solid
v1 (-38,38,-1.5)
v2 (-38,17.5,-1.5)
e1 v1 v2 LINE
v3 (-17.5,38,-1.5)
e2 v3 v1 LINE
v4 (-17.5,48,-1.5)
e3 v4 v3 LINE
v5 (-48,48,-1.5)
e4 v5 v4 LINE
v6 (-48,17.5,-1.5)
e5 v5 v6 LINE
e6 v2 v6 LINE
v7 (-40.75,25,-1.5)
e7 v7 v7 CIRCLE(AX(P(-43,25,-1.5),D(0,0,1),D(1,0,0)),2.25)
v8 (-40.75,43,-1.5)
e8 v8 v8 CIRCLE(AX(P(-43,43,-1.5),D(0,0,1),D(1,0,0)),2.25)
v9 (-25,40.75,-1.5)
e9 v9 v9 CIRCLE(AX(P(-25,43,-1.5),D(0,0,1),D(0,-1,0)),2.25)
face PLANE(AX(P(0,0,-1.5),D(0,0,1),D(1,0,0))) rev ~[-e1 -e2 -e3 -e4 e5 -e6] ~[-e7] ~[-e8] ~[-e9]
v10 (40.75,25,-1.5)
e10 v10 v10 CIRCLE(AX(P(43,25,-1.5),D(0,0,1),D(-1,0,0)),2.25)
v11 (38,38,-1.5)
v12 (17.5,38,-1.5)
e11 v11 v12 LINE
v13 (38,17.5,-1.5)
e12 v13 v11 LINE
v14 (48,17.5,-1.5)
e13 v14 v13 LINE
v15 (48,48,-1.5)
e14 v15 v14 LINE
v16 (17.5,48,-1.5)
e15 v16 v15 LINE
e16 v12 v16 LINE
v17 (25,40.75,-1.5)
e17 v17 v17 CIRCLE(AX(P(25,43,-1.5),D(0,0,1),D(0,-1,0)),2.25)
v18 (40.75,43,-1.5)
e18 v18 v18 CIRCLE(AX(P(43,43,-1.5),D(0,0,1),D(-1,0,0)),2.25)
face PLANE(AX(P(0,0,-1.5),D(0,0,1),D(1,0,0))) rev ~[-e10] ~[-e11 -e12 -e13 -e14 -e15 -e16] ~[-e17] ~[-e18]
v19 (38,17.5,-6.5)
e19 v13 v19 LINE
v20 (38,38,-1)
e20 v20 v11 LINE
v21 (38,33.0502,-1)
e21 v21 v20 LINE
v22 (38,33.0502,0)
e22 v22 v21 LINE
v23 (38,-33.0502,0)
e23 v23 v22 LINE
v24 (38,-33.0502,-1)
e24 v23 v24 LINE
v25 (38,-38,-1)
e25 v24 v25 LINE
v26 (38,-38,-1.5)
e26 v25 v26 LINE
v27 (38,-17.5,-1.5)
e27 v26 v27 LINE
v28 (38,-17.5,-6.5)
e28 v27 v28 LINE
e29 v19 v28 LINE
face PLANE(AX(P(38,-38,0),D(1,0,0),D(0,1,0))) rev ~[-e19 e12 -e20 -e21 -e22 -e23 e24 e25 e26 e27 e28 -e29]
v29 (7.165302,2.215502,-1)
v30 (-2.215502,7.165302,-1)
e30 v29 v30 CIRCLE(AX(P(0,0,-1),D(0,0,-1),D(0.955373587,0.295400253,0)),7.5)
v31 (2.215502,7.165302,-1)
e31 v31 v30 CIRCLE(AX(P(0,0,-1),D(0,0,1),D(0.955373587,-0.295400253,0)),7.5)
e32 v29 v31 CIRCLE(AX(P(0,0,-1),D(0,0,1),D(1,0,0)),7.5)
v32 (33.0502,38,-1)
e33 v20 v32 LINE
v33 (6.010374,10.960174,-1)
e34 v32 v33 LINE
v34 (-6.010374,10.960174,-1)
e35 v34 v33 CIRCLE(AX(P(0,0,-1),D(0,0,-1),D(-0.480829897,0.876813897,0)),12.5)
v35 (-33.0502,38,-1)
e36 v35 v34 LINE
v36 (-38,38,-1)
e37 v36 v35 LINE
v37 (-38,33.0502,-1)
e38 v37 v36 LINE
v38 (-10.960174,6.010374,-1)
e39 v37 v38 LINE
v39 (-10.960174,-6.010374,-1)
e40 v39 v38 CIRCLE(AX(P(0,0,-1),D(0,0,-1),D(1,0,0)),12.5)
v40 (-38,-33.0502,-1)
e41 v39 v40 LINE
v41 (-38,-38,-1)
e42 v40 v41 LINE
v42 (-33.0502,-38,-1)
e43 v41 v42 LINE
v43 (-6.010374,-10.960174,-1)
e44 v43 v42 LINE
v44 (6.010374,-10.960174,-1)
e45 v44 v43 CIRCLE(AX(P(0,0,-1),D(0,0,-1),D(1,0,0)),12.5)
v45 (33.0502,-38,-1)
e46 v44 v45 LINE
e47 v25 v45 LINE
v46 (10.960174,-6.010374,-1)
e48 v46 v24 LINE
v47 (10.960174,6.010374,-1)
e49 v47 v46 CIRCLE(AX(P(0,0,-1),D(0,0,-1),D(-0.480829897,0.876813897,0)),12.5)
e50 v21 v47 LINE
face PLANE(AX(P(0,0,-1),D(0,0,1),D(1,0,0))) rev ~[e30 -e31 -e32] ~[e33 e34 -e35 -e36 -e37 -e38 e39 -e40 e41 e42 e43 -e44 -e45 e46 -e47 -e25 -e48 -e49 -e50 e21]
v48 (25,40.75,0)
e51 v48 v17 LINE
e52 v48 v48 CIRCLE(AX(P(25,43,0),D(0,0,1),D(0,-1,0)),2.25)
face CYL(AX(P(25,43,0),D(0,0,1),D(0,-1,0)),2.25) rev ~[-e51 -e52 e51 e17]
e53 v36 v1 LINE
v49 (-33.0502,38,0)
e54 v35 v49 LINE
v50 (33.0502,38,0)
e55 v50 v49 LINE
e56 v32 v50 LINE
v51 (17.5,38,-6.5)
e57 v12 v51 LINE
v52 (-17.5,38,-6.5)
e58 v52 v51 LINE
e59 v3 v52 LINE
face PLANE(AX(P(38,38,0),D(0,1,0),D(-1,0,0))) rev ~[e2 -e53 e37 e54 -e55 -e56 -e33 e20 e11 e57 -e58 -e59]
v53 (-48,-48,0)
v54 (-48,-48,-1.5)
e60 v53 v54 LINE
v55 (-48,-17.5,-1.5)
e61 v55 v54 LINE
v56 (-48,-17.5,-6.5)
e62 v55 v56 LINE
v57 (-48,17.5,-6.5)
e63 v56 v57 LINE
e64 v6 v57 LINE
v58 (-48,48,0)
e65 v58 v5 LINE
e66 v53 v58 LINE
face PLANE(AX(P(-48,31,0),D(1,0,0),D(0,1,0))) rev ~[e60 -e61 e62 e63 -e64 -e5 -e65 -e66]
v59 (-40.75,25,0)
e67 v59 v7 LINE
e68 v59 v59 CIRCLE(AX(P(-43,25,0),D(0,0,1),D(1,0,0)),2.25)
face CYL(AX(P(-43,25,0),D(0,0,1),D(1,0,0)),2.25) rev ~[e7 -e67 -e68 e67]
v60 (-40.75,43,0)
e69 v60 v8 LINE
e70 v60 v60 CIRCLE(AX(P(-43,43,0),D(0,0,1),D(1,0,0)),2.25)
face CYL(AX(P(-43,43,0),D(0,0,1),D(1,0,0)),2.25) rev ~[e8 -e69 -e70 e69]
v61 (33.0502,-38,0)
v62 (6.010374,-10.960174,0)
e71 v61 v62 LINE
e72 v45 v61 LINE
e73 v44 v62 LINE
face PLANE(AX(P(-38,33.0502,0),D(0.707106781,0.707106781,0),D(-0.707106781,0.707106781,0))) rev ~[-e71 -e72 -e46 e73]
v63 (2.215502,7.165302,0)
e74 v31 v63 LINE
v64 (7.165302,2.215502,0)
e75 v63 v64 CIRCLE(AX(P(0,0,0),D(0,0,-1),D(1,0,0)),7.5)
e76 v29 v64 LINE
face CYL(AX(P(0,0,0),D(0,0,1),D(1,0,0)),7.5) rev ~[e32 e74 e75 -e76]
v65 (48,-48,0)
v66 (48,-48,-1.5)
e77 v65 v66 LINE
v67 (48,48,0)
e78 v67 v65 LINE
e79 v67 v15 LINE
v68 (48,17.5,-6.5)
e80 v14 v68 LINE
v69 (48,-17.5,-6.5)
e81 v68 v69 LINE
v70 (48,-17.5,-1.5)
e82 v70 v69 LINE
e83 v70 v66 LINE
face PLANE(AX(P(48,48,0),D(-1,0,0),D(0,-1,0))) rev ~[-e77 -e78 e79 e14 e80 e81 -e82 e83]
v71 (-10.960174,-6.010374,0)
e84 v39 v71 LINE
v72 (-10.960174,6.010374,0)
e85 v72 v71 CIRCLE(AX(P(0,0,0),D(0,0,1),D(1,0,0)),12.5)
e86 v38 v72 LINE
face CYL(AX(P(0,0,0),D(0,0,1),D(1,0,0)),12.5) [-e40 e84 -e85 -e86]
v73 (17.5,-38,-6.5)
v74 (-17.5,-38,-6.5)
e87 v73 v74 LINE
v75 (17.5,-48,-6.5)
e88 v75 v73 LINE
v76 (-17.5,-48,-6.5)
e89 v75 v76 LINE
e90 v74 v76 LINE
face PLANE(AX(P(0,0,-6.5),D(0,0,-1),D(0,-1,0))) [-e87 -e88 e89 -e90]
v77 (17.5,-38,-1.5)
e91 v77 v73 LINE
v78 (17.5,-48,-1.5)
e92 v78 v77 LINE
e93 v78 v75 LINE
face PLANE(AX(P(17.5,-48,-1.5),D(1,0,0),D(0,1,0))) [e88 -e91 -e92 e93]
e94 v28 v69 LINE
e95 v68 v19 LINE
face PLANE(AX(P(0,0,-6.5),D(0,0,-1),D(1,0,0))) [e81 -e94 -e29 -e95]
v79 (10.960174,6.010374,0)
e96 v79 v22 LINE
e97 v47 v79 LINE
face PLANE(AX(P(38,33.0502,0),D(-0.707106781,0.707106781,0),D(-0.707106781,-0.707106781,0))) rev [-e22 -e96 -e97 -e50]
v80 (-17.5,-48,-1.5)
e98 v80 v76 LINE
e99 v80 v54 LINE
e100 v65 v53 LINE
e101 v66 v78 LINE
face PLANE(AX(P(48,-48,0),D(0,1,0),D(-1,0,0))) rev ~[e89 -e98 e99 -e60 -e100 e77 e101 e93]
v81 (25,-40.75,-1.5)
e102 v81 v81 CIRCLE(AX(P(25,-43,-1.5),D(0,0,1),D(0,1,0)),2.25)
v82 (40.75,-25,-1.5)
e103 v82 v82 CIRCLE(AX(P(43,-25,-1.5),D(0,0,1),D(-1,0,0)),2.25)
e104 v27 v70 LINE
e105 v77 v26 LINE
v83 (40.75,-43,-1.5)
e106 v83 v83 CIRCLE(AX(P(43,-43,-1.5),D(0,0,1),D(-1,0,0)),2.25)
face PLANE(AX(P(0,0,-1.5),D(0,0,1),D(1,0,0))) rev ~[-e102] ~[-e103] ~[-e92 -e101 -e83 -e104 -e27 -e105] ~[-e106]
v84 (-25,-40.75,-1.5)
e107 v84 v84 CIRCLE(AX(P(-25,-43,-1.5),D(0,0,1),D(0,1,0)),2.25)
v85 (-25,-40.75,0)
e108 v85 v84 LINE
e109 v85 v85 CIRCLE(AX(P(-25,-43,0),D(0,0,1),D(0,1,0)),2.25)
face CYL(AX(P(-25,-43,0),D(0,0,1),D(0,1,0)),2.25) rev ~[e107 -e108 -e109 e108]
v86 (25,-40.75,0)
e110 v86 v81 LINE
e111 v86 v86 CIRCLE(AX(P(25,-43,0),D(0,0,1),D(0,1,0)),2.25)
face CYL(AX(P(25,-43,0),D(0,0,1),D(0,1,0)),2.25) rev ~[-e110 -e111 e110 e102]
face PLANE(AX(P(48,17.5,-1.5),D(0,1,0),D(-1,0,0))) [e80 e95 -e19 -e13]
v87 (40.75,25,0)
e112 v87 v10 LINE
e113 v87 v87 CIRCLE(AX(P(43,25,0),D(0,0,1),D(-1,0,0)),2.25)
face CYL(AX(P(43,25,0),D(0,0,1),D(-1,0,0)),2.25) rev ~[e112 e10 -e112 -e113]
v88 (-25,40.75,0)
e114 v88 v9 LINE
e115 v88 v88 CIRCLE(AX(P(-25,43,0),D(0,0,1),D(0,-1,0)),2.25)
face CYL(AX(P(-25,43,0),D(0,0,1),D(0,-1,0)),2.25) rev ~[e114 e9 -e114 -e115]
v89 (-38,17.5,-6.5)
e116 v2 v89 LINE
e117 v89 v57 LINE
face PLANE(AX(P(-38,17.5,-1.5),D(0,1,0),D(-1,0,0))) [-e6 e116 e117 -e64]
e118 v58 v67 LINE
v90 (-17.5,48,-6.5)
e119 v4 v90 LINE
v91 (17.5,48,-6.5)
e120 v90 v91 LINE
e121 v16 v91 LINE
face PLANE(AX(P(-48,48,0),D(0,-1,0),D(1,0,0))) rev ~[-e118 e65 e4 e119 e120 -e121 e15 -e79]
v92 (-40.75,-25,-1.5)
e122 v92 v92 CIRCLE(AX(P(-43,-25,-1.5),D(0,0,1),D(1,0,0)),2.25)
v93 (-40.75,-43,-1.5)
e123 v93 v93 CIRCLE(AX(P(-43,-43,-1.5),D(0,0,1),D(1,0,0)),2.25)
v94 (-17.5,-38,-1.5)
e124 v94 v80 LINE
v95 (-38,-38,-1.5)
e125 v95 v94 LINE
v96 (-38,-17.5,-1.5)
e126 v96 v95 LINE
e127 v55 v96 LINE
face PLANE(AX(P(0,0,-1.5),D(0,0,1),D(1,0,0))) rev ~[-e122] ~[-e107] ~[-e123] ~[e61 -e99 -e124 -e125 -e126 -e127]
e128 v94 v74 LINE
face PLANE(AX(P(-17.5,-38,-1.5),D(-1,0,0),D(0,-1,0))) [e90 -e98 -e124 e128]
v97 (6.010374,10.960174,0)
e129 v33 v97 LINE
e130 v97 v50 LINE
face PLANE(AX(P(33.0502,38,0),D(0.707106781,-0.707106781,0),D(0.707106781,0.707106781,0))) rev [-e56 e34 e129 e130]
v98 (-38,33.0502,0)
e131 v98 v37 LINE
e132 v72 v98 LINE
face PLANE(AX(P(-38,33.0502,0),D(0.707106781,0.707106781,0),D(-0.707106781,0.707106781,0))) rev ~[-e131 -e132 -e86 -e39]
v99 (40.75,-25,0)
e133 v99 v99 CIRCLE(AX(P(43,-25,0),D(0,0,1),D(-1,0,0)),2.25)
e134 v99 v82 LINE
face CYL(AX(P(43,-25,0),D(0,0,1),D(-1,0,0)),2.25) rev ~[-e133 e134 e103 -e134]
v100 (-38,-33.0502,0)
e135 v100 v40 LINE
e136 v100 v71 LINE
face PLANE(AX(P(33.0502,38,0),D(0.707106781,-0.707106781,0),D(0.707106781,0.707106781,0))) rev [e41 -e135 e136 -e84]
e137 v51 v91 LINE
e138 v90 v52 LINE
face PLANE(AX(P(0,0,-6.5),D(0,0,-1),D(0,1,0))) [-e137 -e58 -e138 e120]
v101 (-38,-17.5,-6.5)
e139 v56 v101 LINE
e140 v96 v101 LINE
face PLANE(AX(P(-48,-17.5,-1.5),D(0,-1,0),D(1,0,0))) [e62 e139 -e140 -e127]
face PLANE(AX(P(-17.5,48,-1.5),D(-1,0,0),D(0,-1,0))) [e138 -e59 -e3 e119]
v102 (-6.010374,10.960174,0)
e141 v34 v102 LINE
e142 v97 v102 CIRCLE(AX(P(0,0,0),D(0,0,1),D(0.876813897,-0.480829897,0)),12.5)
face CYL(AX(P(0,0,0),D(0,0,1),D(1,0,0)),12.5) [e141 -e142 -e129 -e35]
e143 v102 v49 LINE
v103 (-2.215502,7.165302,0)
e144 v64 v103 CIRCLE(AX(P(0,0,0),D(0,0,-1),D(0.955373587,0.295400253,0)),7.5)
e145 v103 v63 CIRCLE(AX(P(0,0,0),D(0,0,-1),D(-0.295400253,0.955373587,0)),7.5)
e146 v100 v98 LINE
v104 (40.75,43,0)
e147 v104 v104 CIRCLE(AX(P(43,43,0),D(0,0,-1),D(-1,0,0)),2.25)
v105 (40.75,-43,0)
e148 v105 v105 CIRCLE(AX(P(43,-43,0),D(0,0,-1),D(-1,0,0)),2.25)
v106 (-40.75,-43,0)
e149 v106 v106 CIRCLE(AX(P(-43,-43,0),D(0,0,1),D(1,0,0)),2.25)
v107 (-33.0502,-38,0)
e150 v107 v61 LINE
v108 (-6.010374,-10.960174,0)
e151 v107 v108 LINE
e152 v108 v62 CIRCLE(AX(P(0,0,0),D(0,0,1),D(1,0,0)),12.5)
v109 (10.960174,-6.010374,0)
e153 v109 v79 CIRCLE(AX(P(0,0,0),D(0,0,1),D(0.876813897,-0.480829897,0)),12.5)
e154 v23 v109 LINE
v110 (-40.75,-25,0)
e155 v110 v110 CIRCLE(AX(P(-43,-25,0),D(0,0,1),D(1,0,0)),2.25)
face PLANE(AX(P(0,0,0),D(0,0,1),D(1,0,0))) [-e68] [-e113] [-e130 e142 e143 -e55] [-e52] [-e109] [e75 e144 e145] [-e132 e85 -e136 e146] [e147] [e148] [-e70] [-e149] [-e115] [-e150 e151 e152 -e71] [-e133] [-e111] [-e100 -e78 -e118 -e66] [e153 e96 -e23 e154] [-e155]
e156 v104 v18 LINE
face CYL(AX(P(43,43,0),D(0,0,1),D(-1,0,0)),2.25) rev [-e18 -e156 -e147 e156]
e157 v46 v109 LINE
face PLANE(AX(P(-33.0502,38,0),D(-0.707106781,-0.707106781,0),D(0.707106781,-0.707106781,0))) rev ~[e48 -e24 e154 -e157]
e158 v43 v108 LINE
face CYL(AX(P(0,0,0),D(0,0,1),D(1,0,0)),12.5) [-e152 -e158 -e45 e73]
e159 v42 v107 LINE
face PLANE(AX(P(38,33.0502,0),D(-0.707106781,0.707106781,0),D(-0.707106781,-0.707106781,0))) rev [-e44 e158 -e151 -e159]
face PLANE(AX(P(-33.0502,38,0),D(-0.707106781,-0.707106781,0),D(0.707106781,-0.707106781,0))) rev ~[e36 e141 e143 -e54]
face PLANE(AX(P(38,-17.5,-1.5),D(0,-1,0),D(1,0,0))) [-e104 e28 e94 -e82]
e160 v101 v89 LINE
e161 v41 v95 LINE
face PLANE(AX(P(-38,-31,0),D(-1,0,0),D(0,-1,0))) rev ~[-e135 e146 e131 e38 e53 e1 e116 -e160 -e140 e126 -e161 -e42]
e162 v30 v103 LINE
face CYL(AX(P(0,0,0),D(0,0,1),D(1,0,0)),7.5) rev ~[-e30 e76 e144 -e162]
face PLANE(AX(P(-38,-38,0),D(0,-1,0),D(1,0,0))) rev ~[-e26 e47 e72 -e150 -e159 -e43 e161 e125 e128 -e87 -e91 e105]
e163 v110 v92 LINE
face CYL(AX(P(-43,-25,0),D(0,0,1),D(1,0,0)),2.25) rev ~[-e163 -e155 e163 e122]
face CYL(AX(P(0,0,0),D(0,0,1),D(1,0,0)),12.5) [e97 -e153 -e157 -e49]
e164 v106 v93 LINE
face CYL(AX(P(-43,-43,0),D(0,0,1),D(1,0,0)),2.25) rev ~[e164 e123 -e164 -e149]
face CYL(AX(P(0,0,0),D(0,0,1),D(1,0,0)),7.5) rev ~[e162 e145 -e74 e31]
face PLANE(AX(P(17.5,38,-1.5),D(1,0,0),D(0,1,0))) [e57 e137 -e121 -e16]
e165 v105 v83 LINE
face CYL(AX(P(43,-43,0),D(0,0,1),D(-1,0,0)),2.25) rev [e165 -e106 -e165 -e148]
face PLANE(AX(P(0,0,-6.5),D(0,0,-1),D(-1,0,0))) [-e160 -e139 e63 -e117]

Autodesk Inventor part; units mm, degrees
ref_plane "YZ Plane" through (0, 0, 0) normal (1, 0, 0) x (0, 1, 0)
ref_plane "XZ Plane" through (0, 0, 0) normal (0, 1, 0) x (-1, 0, 0)
ref_plane "XY Plane" through (0, 0, 0) normal (0, 0, 1) x (1, 0, 0)
sketch "Sketch1" plane through (0, 0, 0) normal (0, 0, 1) x (1, 0, 0)
  line L0 (-48, 48) -> (48, 48)
  line L1 (48, 48) -> (48, -48)
  line L2 (48, -48) -> (-48, -48)
  line L3 (-48, -48) -> (-48, 48)
  line L4 (38, 38) -> (-38, 38)
  line L5 (-38, 38) -> (-38, -38)
  line L6 (-38, -38) -> (38, -38)
  line L7 (38, -38) -> (38, 38)
  line L8 (0, 152.7233) -> (0, -72.1628) construction
  line L9 (-77.8847, 0) -> (88.8171, 0) construction
  line L10 (-48, 43) -> (48, 43) construction
  line L11 (-43, 48) -> (-43, -48) construction
  line L12 (-48, -43) -> (48, -43) construction
  circle A0 centre (-43, 25) radius 2.25
  circle A1 centre (-43, -25) radius 2.25
  circle A2 centre (-43, -43) radius 2.25
  circle A3 centre (-43, 43) radius 2.25
  line L13 (-48, 30) -> (48, 30) construction
  line L14 (-48, -30) -> (48, -30) construction
  line L15 (-50, 31) -> (-36, 31)
  line L16 (-36, 31) -> (-36, -31)
  line L17 (-36, -31) -> (-50, -31)
  line L18 (-50, -31) -> (-50, 31)
  point P0 (0, 0)
  point P1 (0, 48)
  point P2 (48, 0)
  dimension "d0" = 96
  dimension "d1" = 96
  dimension "d2" = 10
  dimension "d5" = 5
  dimension "d11" = 5
  dimension "d14" = 5
  dimension "d31" = 4.5
  dimension "d32" = 4.5
  dimension "d61" = 4.5
  dimension "d62" = 4.5
  dimension "d65" = 30
  dimension "d66" = 30
  dimension "d67" = 5
  dimension "d68" = 5
  dimension "d74" = 1
  dimension "d75" = 1
  dimension "d76" = 2
  dimension "d77" = 2
extrude "Extrusion1" add sketch "Sketch1" against normal blind 1.5 contours L0 L1 L2 L3 L17 L5 L6 L7 L4 L15 | L15 L5 L17 L3 | A0 | A1 | A2 | A3
extrude "Extrusion2" cut sketch "Sketch1" against normal blind 10 contours A2 | A3
mirror "Mirror5" about plane through (0, 0, 0) normal (1, 0, 0) of "Extrusion2"
extrude "Extrusion5" cut sketch "Sketch1" against normal blind 10 contours A0 | A1
pattern_circular "Circular Pattern1" count 4 over 360 about axis through (0, 0, -10) along (0, 0, 1) of "Extrusion5"
sketch "Sketch3" plane through (0, 0, 0) normal (0, 0, 1) x (1, 0, 0)
  circle A0 centre (25, 43) radius 2.25 projected
  circle A1 centre (-25, 43) radius 2.25 projected
  circle A2 centre (43, -25) radius 2.25 projected
  circle A3 centre (43, 25) radius 2.25 projected
  circle A4 centre (-25, -43) radius 2.25 projected
  circle A5 centre (25, -43) radius 2.25 projected
  circle A6 centre (-43, 25) radius 2.25 projected
  circle A7 centre (-43, -25) radius 2.25 projected
  circle A8 centre (43, -43) radius 2.25 projected
  circle A9 centre (43, 43) radius 2.25 projected
  circle A10 centre (-43, -43) radius 2.25 projected
  circle A11 centre (-43, 43) radius 2.25 projected
  line L0 (-38, -38) -> (-38, 38) projected
  line L1 (-38, 38) -> (38, 38) projected
  line L2 (38, 38) -> (38, -38) projected
  line L3 (38, -38) -> (-38, -38) projected
  line L4 (-48, 48) -> (48, 48) projected
  line L5 (-48, -48) -> (-48, 48) projected
  line L6 (48, -48) -> (-48, -48) projected
  line L7 (48, 48) -> (48, -48) projected
  circle A12 centre (0, 0) radius 7.5
  circle A13 centre (0, 0) radius 12.5
  line L8 (-35.5251, 40.4749) -> (40.4749, -35.5251)
  line L9 (40.4749, -35.5251) -> (35.5251, -40.4749)
  line L10 (35.5251, -40.4749) -> (-40.4749, 35.5251)
  line L11 (-40.4749, 35.5251) -> (-35.5251, 40.4749)
  line L12 (-38, 38) -> (38, -38) construction
  line L13 (2.4749, 2.4749) -> (-2.4749, -2.4749) construction
  dimension "d80" = 15
  dimension "d81" = 5
  dimension "d82" = 7
extrude "Extrusion7" add sketch "Sketch3" against normal blind 1 contours L10 A12 A13 | A13 L8 A12 L10 | L10 A12 L8 A13 | A13 L8 A12
extrude "Extrusion8" add sketch "Sketch3" against normal blind 1 contours L10 L11 L0 | L0 L1 L8 A13 L10 | L10 A13 L8 L2 L3 | L3 L9 L10 | L11 L8 L1 | A13 L8 A12 L10 | L2 L8 L9 | L10 A12 L8 A13 | A12 L8 L10
mirror "Mirror6" about plane through (0, 0, 0) normal (1, 0, 0) of "Extrusion8"
extrude "Extrusion9" cut sketch "Sketch3" against normal blind 1 contours L10 A12 | A12 L8 L10 | A12 L8
sketch "Sketch4" plane through (0, 0, -1.5) normal (0, 0, -1) x (-1, 0, 0)
  line L0 (48, -48) -> (48, 48) projected
  line L1 (38, -33.0503) -> (38, 33.0503) projected
  line L2 (48, -17.5) -> (38, -17.5)
  line L3 (38, -17.5) -> (38, 17.5)
  line L4 (38, 17.5) -> (48, 17.5)
  line L5 (48, 17.5) -> (48, -17.5)
  point P0 (0, 0)
  point P1 (38, 0)
  point P2 (38, 0)
  dimension "d89" = 35
extrude "Extrusion10" add sketch "Sketch4" along normal blind 5
pattern_circular "Circular Pattern2" count 4 over 360 about axis through (0, 0, -10) along (0, 0, 1) of "Extrusion10"
equation "\"d31\" = screw"
equation "\"d32\" = screw"
equation "\"d61\" = screw"
equation "\"d62\" = screw"
equation "\"screw\" = 4.5"
properties part number "Base" material "PC/ABS Plastic"
